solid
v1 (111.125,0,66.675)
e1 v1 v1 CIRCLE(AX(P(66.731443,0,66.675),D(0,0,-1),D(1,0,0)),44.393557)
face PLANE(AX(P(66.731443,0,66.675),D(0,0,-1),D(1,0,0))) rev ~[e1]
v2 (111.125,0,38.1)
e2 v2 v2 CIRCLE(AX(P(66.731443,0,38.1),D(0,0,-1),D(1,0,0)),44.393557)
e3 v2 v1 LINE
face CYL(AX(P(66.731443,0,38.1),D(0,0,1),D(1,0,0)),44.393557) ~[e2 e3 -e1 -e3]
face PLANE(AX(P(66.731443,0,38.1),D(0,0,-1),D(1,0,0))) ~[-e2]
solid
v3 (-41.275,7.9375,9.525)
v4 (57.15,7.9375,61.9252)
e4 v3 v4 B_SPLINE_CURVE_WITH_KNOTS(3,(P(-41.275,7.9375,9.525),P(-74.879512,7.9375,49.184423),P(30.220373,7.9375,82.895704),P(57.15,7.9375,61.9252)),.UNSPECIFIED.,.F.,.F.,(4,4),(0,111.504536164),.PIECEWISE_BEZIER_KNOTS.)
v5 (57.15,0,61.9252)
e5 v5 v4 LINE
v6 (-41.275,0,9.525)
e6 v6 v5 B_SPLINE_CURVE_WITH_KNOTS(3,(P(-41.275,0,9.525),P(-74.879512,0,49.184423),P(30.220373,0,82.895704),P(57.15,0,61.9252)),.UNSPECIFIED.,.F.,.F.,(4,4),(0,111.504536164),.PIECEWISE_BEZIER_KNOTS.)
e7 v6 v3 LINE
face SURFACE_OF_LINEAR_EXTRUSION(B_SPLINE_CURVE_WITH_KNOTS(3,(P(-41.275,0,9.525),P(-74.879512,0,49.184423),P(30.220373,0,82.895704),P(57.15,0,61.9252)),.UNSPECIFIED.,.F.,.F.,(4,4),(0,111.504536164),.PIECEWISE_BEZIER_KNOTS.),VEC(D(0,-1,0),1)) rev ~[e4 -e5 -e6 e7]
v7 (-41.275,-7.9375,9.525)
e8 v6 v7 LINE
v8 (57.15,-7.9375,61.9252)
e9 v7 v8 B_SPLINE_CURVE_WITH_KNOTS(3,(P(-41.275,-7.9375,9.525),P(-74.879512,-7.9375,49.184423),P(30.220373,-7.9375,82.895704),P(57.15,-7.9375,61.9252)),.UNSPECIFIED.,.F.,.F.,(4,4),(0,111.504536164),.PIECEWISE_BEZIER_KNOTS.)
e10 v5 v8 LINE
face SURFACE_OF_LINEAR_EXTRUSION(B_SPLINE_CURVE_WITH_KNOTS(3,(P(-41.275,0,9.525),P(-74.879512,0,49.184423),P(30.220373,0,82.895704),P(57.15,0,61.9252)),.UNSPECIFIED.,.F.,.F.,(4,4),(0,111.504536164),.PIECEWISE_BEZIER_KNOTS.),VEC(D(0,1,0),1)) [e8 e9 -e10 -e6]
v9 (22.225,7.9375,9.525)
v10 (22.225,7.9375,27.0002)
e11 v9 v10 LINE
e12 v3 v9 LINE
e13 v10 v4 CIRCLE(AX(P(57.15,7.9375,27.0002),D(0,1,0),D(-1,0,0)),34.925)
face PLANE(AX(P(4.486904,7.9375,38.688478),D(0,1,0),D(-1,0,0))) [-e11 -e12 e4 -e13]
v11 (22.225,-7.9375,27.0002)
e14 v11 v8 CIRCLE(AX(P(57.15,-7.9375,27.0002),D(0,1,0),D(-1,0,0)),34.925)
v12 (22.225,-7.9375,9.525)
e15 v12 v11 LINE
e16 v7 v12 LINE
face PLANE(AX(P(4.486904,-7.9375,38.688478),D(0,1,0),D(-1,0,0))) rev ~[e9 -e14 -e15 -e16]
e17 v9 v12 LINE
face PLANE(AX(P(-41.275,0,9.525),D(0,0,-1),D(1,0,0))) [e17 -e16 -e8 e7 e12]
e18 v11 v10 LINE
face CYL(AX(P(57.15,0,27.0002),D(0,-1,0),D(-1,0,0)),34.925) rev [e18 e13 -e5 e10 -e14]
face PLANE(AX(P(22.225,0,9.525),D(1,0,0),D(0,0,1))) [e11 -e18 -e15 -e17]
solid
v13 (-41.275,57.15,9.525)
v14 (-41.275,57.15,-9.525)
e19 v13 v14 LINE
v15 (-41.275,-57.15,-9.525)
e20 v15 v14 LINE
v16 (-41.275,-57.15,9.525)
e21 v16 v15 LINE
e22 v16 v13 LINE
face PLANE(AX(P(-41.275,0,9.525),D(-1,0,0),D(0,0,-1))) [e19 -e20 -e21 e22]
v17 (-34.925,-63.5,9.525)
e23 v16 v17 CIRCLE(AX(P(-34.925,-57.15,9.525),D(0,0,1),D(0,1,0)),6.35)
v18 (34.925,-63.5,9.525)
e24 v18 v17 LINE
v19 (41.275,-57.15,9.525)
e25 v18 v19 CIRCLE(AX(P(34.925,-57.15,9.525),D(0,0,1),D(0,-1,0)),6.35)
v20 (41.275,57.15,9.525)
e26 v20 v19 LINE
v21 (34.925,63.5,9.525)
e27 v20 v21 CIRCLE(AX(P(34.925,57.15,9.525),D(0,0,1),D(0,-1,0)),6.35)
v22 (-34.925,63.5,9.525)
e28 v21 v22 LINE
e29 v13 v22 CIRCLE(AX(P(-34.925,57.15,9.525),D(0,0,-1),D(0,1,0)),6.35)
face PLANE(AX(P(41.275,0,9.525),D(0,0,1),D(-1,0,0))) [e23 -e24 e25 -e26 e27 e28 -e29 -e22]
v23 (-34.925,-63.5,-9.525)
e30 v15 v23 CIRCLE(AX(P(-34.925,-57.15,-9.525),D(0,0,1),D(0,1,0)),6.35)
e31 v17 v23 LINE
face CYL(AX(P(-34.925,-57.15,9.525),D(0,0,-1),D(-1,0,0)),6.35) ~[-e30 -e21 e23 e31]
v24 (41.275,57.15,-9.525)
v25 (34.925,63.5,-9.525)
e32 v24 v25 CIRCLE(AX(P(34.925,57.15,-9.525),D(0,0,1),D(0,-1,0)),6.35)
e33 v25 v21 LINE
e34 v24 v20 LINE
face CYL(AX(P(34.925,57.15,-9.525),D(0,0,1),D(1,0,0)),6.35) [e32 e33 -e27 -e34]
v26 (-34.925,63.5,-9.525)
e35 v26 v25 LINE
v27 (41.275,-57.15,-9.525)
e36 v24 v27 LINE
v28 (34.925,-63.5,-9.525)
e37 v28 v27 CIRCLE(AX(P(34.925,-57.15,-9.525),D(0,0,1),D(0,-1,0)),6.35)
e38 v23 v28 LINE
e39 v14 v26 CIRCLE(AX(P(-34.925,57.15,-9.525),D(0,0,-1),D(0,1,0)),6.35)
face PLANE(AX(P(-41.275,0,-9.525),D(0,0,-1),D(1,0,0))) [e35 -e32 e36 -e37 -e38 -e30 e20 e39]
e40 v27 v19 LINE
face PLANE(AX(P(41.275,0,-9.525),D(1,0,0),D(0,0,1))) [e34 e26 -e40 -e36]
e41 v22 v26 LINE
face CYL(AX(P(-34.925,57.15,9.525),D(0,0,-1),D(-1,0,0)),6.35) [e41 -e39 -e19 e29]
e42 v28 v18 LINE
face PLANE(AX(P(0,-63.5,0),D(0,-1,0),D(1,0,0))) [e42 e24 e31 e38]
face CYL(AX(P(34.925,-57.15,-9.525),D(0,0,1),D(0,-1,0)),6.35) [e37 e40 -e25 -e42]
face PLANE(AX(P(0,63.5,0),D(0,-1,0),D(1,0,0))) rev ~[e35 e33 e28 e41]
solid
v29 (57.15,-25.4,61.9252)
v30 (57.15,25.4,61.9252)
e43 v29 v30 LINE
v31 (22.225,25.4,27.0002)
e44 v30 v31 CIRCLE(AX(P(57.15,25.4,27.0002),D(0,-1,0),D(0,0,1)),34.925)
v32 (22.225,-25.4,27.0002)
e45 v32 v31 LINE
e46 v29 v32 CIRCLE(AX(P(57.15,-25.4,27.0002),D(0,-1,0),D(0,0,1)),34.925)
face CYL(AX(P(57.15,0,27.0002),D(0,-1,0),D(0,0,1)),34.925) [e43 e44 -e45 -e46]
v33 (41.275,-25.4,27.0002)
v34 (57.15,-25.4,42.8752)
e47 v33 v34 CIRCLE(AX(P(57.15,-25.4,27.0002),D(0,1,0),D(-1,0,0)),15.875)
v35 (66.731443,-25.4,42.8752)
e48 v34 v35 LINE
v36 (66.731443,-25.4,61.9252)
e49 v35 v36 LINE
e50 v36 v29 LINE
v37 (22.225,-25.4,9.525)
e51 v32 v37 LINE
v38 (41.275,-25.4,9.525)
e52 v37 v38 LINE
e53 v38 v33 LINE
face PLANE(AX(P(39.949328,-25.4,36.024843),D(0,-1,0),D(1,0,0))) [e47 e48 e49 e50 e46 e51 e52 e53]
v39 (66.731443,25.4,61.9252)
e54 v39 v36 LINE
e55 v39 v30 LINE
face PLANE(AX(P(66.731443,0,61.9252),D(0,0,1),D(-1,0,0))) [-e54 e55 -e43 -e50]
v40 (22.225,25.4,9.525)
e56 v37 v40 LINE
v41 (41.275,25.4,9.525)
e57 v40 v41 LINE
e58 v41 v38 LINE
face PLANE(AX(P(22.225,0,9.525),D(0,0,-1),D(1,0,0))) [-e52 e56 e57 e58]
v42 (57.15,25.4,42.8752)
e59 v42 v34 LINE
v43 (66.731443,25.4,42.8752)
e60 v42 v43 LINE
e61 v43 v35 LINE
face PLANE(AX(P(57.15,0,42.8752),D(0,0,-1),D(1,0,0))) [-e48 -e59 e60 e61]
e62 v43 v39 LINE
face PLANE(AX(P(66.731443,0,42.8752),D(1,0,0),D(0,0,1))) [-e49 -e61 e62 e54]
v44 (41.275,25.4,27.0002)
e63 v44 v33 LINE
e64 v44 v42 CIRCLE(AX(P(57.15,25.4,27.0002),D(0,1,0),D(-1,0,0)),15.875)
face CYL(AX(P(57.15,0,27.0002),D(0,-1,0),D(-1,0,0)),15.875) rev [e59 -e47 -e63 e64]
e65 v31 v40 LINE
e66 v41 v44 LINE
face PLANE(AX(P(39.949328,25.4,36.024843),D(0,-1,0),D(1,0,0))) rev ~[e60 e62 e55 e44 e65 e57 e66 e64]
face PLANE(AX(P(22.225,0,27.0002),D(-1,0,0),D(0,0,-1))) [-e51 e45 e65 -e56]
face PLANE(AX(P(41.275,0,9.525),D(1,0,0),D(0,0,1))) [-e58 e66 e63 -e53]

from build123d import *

# Parameters (mm, degrees)
F1_DEPTH = 63.5
F0_W     = 6.4064434166
F0_H     = 19.05
F2_DEPTH = 25.4
F3_DEPTH = 7.9375
F5_R     = 6.35


with BuildPart() as f1:
    # F0 (on Front) → F1 (new body, symmetric)
    with BuildSketch(Plane.XZ):
        Polygon((-41.275, -9.525), (41.275, -9.525), (41.275, 9.525), (22.225, 9.525), (-41.275, 9.525), align=None)
    extrude(amount=F1_DEPTH, both=True)

    # F5
    f5_edges = [f1.edges().sort_by_distance(p)[0] for p in [
        (-41.275, -63.5, 0),
        (41.275, -63.5, 0),
        (41.275, 63.5, 0),
        (-41.275, 63.5, 0),
    ]]
    fillet(f5_edges, radius=F5_R)


with BuildPart() as f2:
    # F0 (on Front) → F2 (new body, symmetric)
    with BuildSketch(Plane.XZ):
        with BuildLine():
            Line((22.225, 9.525), (41.275, 9.525))
            Line((41.275, 9.525), (41.275, 27.0002))
            ThreePointArc((41.275, 27.0002), (45.9246798487, 38.2255201513), (57.15, 42.8752))
            Line((57.15, 42.8752), (60.325, 42.8752))
            Line((60.325, 42.8752), (60.325, 61.9252))
            Line((60.325, 61.9252), (57.15, 61.9252))
            ThreePointArc((57.15, 61.9252), (32.4542956671, 51.6959043329), (22.225, 27.0002))
            Line((22.225, 27.0002), (22.225, 9.525))
        make_face()
        with Locations((63.5282217083, 52.4002)):
            Rectangle(F0_W, F0_H)
    extrude(amount=F2_DEPTH, both=True)


with BuildPart() as f3:
    # F0 (on Front) → F3 (new body, symmetric)
    with BuildSketch(Plane.XZ):
        with BuildLine():
            add(Edge.make_bspline(
                [(-41.275, 9.525), (-74.8795121908, 49.18442294), (30.2203726023, 82.8957036138), (57.15, 61.9252)],
                knots=[0, 0, 0, 0, 111.5045361635, 111.5045361635, 111.5045361635, 111.5045361635], degree=3))
            Line((-41.275, 9.525), (22.225, 9.525))
            Line((22.225, 9.525), (22.225, 27.0002))
            ThreePointArc((22.225, 27.0002), (32.4542956671, 51.6959043329), (57.15, 61.9252))
        make_face()
    extrude(amount=F3_DEPTH, both=True)


with BuildPart() as f4:
    # F0 (on Front) → F4 (revolve)
    with BuildSketch(Plane.XZ):
        Polygon((66.7314434166, 66.675), (66.7314434166, 61.9252), (66.7314434166, 42.8752), (66.7314434166, 38.1), (111.125, 38.1), (111.125, 66.675), align=None)
    revolve(axis=Axis((66.7314434166, 0, 52.3875), (0, 0, -1)))


solid = Compound([f1.part, f2.part, f3.part, f4.part])
